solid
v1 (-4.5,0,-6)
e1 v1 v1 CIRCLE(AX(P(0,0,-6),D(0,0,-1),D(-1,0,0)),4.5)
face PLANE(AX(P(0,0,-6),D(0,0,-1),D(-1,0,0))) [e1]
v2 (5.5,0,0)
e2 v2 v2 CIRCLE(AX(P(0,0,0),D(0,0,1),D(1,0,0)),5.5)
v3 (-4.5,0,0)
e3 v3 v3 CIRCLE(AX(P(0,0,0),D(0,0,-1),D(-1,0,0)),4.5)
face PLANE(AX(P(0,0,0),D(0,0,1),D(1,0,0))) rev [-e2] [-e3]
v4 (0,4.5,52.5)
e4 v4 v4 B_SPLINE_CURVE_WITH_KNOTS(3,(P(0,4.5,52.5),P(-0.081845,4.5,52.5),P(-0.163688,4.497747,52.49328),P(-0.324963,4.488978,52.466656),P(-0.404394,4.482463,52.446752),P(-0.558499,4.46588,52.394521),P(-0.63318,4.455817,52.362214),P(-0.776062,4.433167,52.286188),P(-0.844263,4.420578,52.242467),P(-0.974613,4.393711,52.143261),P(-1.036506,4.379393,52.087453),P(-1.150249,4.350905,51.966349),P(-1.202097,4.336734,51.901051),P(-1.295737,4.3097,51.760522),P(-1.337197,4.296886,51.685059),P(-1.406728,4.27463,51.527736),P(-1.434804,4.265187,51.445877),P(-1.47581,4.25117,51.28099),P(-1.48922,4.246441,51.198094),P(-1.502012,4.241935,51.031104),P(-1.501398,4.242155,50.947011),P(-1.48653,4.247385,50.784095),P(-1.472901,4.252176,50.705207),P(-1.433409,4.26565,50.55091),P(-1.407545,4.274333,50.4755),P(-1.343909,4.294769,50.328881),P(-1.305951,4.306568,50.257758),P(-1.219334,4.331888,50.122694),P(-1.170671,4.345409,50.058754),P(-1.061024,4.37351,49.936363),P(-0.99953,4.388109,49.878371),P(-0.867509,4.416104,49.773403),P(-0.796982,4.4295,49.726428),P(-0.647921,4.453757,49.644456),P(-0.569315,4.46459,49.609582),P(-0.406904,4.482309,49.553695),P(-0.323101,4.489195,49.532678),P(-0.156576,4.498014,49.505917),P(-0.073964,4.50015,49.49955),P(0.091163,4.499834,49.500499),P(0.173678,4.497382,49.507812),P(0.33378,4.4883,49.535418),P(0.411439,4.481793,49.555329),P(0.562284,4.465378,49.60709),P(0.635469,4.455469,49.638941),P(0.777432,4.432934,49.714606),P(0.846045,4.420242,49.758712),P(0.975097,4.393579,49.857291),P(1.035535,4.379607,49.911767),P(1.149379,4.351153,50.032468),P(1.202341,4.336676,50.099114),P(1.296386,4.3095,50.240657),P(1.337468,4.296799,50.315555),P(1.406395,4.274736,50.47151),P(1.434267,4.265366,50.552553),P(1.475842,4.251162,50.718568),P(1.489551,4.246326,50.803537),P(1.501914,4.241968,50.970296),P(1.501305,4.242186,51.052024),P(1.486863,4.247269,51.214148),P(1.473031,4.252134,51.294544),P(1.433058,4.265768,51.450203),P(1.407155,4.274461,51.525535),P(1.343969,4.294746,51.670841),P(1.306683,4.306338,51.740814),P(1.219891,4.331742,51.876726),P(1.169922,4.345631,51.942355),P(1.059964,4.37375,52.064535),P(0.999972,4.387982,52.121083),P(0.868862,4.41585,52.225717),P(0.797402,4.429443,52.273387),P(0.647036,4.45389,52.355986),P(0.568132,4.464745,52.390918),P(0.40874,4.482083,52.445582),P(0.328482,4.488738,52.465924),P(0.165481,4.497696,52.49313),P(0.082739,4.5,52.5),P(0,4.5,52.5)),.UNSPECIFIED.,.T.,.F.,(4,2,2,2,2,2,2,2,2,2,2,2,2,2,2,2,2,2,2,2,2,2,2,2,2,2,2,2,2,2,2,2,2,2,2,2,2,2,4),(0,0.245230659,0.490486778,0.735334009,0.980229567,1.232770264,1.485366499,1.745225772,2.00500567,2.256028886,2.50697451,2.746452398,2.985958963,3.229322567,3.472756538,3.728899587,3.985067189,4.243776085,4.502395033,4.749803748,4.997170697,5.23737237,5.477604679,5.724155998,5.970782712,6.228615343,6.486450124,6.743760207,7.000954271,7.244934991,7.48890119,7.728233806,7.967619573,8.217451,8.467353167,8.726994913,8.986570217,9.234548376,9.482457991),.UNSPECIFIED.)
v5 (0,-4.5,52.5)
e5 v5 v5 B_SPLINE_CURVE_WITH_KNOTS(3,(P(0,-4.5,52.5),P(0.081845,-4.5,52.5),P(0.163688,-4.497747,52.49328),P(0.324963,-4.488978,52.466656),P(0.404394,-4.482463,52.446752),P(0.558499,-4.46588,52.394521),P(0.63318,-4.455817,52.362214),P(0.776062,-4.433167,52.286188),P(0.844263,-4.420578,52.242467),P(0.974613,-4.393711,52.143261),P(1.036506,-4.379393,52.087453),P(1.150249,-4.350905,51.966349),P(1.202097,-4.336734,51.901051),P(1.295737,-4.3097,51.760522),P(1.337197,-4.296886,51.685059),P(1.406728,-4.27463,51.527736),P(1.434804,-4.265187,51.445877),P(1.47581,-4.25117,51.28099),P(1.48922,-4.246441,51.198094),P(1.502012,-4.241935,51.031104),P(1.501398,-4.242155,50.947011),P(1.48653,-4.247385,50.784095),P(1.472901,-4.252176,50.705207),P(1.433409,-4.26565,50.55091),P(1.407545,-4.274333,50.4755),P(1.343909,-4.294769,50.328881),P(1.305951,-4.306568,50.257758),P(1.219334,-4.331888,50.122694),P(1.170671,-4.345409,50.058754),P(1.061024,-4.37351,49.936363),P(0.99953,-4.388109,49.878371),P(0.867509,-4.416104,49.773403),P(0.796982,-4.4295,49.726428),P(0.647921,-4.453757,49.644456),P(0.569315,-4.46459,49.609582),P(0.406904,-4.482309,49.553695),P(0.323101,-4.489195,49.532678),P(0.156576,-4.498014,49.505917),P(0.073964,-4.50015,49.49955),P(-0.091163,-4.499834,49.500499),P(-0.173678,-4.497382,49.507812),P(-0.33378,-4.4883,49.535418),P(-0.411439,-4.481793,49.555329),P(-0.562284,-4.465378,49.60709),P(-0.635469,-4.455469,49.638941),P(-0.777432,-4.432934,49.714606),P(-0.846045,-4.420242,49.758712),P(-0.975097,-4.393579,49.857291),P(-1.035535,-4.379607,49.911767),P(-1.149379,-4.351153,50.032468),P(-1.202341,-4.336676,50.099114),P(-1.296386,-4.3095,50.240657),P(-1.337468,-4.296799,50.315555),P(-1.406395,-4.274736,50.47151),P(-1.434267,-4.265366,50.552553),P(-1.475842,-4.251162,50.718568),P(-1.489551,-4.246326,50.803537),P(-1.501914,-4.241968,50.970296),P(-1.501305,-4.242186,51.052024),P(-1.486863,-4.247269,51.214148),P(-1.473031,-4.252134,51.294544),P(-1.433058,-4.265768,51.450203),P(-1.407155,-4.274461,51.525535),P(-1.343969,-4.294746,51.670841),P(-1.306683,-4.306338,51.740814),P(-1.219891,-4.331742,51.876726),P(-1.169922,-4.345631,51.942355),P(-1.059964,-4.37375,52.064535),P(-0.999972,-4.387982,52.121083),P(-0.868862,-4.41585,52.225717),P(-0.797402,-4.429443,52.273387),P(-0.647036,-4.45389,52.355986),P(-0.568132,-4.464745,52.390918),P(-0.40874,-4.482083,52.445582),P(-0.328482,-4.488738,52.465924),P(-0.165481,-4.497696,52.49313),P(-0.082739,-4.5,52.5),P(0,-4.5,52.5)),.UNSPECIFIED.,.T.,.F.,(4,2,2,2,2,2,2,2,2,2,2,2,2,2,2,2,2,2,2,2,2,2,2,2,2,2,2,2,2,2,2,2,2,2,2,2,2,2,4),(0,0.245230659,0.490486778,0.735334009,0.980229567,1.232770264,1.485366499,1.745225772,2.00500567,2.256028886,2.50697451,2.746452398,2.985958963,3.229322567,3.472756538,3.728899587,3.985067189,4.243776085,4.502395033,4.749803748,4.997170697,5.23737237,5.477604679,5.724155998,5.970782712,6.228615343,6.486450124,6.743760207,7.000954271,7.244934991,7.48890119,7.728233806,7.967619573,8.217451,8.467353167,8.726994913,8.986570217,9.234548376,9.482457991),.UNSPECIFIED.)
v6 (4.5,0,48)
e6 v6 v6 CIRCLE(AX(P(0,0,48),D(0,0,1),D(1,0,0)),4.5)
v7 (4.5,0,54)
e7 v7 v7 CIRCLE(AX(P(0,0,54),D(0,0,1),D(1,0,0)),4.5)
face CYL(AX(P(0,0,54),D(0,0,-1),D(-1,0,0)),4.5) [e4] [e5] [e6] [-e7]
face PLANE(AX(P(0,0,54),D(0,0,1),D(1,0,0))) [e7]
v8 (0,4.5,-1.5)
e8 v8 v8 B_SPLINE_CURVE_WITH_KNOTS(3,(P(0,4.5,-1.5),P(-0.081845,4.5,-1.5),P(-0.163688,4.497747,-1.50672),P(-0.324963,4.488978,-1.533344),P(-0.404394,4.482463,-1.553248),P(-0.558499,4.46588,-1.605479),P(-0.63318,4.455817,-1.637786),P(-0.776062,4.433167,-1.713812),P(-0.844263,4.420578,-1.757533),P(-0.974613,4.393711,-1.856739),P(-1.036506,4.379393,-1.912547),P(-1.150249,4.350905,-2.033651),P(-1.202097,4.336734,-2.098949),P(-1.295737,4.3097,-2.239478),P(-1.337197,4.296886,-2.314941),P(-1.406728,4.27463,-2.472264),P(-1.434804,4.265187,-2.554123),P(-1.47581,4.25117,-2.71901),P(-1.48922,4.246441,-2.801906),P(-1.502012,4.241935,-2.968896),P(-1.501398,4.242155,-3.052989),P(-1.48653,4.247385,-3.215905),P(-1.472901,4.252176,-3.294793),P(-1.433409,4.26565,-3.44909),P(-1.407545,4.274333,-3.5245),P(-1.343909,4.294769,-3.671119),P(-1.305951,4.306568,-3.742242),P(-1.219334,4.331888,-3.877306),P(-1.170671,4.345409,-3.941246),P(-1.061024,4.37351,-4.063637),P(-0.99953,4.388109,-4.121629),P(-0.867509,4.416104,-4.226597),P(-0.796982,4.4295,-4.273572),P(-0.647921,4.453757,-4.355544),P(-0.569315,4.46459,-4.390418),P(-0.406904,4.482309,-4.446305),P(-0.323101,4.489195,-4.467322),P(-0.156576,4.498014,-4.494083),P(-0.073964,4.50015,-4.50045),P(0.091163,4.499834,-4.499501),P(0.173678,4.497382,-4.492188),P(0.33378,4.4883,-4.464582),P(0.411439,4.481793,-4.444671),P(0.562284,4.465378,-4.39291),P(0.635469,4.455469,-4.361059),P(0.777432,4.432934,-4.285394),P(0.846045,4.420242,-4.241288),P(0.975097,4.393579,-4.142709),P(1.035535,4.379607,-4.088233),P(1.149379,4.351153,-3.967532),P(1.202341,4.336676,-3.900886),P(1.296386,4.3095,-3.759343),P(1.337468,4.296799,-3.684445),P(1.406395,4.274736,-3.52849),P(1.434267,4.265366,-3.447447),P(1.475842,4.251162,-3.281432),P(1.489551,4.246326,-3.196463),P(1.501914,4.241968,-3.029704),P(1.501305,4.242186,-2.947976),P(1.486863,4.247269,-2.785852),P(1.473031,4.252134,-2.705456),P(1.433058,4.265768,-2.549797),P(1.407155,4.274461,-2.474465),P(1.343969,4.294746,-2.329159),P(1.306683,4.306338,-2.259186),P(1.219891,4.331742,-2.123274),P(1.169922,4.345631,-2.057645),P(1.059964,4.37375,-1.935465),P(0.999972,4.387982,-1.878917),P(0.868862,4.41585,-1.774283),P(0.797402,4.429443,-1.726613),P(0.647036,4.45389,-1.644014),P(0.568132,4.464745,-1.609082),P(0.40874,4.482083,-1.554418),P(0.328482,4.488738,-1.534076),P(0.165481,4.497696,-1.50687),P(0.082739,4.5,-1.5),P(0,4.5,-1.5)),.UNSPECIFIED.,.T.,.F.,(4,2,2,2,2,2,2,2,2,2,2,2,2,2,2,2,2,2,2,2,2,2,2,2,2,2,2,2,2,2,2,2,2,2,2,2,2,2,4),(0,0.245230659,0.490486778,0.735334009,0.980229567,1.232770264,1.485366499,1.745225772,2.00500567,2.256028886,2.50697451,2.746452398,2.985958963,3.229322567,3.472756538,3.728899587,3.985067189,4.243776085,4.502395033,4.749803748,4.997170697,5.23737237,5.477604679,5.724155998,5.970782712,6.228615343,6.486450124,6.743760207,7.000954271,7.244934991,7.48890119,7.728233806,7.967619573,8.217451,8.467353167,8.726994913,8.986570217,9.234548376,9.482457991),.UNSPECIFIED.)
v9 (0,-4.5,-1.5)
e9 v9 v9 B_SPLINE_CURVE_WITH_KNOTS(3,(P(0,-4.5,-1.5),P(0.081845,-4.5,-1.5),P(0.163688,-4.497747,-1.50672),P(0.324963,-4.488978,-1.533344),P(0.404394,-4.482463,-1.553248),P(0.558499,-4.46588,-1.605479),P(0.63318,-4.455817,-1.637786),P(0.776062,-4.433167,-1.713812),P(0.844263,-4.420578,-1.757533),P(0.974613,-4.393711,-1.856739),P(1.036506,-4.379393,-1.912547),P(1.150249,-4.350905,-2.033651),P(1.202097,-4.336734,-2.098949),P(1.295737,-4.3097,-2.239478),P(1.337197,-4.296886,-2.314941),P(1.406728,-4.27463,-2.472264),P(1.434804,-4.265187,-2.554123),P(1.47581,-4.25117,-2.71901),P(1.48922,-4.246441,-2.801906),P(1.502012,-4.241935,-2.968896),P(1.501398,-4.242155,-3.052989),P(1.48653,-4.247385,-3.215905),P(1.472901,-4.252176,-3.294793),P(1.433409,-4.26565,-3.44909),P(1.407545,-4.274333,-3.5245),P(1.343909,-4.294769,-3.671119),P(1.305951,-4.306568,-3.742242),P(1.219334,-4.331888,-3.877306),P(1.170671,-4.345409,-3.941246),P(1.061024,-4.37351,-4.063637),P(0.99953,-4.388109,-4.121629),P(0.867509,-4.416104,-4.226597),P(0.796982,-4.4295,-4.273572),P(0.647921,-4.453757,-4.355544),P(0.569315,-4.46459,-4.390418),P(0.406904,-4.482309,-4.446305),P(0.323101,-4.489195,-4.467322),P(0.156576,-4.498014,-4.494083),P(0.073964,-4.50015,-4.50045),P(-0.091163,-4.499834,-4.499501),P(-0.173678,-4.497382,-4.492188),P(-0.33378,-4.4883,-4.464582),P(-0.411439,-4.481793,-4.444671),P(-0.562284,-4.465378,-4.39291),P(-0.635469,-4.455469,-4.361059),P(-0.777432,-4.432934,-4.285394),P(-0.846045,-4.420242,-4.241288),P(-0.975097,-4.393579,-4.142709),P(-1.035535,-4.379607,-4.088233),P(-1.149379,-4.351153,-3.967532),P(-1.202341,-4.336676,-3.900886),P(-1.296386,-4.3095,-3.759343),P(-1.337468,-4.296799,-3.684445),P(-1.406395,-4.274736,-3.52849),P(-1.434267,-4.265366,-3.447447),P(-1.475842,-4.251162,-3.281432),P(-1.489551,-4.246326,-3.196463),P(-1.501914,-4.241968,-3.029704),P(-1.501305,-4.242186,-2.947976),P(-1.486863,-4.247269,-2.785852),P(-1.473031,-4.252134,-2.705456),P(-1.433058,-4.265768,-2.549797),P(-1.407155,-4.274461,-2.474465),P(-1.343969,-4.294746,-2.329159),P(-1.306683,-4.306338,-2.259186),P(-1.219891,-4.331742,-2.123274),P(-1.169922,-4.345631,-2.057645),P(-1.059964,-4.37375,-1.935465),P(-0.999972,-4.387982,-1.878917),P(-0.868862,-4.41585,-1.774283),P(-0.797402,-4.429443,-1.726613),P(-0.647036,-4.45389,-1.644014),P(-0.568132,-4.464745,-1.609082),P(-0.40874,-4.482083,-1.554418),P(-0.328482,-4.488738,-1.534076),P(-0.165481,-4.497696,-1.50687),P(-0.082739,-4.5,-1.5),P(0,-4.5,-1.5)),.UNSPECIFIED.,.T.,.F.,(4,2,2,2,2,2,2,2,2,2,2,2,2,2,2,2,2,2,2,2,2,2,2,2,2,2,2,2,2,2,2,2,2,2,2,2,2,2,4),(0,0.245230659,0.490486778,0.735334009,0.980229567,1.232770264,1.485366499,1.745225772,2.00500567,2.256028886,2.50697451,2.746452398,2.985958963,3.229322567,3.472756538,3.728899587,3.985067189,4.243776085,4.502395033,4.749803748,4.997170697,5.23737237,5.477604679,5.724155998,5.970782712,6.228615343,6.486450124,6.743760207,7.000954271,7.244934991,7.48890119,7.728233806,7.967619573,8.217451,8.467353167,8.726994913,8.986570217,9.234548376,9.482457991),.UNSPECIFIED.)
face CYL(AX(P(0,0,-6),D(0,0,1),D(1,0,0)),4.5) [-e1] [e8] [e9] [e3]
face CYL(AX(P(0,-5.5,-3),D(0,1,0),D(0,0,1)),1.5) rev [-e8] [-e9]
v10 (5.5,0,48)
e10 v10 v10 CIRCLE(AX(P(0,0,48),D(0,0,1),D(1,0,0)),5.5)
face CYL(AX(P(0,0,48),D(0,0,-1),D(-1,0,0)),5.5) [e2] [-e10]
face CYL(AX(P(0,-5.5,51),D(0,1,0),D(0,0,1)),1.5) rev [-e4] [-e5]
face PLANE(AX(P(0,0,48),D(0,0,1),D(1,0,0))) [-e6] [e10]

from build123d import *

# Parameters (mm, degrees)
SKETCH1_R               = 5.5
BOSS_EXTRUDE1_DEPTH     = 48
SKETCH2_R               = 4.5
BOSS_EXTRUDE2_DEPTH     = 6
SKETCH3_R               = 4.5
BOSS_EXTRUDE3_DEPTH     = 6
SKETCH4_R               = 1.5
CUT_EXTRUDE1_DEPTH      = 6.5
CUT_EXTRUDE1_DEPTH_BACK = 6.5


with BuildPart() as part:
    # Sketch1 → Boss-Extrude1 (new body)
    with BuildSketch(Plane.XY):
        Circle(SKETCH1_R)
    extrude(amount=BOSS_EXTRUDE1_DEPTH)

    # Sketch2 → Boss-Extrude2 (add)
    with BuildSketch(Plane.XY.offset(48)):
        Circle(SKETCH2_R)
    extrude(amount=BOSS_EXTRUDE2_DEPTH)

    # Sketch3 → Boss-Extrude3 (add)
    with BuildSketch(Plane(origin=(0, 0, 0), x_dir=(-1, 0, 0), z_dir=(0, 0, -1))):
        Circle(SKETCH3_R)
    extrude(amount=BOSS_EXTRUDE3_DEPTH)

    # Sketch4 → Cut-Extrude1 (cut, two sides)
    with BuildSketch(Plane(origin=(0, 0, 0), x_dir=(1, 0, 0), z_dir=(0, 1, 0))) as cut_extrude1_sk:
        with Locations((0, 3)):
            Circle(SKETCH4_R)
        with Locations((0, -51)):
            Circle(SKETCH4_R)
    extrude(amount=CUT_EXTRUDE1_DEPTH, mode=Mode.SUBTRACT)
    extrude(cut_extrude1_sk.sketch, amount=-CUT_EXTRUDE1_DEPTH_BACK, mode=Mode.SUBTRACT)


solid = part.part
